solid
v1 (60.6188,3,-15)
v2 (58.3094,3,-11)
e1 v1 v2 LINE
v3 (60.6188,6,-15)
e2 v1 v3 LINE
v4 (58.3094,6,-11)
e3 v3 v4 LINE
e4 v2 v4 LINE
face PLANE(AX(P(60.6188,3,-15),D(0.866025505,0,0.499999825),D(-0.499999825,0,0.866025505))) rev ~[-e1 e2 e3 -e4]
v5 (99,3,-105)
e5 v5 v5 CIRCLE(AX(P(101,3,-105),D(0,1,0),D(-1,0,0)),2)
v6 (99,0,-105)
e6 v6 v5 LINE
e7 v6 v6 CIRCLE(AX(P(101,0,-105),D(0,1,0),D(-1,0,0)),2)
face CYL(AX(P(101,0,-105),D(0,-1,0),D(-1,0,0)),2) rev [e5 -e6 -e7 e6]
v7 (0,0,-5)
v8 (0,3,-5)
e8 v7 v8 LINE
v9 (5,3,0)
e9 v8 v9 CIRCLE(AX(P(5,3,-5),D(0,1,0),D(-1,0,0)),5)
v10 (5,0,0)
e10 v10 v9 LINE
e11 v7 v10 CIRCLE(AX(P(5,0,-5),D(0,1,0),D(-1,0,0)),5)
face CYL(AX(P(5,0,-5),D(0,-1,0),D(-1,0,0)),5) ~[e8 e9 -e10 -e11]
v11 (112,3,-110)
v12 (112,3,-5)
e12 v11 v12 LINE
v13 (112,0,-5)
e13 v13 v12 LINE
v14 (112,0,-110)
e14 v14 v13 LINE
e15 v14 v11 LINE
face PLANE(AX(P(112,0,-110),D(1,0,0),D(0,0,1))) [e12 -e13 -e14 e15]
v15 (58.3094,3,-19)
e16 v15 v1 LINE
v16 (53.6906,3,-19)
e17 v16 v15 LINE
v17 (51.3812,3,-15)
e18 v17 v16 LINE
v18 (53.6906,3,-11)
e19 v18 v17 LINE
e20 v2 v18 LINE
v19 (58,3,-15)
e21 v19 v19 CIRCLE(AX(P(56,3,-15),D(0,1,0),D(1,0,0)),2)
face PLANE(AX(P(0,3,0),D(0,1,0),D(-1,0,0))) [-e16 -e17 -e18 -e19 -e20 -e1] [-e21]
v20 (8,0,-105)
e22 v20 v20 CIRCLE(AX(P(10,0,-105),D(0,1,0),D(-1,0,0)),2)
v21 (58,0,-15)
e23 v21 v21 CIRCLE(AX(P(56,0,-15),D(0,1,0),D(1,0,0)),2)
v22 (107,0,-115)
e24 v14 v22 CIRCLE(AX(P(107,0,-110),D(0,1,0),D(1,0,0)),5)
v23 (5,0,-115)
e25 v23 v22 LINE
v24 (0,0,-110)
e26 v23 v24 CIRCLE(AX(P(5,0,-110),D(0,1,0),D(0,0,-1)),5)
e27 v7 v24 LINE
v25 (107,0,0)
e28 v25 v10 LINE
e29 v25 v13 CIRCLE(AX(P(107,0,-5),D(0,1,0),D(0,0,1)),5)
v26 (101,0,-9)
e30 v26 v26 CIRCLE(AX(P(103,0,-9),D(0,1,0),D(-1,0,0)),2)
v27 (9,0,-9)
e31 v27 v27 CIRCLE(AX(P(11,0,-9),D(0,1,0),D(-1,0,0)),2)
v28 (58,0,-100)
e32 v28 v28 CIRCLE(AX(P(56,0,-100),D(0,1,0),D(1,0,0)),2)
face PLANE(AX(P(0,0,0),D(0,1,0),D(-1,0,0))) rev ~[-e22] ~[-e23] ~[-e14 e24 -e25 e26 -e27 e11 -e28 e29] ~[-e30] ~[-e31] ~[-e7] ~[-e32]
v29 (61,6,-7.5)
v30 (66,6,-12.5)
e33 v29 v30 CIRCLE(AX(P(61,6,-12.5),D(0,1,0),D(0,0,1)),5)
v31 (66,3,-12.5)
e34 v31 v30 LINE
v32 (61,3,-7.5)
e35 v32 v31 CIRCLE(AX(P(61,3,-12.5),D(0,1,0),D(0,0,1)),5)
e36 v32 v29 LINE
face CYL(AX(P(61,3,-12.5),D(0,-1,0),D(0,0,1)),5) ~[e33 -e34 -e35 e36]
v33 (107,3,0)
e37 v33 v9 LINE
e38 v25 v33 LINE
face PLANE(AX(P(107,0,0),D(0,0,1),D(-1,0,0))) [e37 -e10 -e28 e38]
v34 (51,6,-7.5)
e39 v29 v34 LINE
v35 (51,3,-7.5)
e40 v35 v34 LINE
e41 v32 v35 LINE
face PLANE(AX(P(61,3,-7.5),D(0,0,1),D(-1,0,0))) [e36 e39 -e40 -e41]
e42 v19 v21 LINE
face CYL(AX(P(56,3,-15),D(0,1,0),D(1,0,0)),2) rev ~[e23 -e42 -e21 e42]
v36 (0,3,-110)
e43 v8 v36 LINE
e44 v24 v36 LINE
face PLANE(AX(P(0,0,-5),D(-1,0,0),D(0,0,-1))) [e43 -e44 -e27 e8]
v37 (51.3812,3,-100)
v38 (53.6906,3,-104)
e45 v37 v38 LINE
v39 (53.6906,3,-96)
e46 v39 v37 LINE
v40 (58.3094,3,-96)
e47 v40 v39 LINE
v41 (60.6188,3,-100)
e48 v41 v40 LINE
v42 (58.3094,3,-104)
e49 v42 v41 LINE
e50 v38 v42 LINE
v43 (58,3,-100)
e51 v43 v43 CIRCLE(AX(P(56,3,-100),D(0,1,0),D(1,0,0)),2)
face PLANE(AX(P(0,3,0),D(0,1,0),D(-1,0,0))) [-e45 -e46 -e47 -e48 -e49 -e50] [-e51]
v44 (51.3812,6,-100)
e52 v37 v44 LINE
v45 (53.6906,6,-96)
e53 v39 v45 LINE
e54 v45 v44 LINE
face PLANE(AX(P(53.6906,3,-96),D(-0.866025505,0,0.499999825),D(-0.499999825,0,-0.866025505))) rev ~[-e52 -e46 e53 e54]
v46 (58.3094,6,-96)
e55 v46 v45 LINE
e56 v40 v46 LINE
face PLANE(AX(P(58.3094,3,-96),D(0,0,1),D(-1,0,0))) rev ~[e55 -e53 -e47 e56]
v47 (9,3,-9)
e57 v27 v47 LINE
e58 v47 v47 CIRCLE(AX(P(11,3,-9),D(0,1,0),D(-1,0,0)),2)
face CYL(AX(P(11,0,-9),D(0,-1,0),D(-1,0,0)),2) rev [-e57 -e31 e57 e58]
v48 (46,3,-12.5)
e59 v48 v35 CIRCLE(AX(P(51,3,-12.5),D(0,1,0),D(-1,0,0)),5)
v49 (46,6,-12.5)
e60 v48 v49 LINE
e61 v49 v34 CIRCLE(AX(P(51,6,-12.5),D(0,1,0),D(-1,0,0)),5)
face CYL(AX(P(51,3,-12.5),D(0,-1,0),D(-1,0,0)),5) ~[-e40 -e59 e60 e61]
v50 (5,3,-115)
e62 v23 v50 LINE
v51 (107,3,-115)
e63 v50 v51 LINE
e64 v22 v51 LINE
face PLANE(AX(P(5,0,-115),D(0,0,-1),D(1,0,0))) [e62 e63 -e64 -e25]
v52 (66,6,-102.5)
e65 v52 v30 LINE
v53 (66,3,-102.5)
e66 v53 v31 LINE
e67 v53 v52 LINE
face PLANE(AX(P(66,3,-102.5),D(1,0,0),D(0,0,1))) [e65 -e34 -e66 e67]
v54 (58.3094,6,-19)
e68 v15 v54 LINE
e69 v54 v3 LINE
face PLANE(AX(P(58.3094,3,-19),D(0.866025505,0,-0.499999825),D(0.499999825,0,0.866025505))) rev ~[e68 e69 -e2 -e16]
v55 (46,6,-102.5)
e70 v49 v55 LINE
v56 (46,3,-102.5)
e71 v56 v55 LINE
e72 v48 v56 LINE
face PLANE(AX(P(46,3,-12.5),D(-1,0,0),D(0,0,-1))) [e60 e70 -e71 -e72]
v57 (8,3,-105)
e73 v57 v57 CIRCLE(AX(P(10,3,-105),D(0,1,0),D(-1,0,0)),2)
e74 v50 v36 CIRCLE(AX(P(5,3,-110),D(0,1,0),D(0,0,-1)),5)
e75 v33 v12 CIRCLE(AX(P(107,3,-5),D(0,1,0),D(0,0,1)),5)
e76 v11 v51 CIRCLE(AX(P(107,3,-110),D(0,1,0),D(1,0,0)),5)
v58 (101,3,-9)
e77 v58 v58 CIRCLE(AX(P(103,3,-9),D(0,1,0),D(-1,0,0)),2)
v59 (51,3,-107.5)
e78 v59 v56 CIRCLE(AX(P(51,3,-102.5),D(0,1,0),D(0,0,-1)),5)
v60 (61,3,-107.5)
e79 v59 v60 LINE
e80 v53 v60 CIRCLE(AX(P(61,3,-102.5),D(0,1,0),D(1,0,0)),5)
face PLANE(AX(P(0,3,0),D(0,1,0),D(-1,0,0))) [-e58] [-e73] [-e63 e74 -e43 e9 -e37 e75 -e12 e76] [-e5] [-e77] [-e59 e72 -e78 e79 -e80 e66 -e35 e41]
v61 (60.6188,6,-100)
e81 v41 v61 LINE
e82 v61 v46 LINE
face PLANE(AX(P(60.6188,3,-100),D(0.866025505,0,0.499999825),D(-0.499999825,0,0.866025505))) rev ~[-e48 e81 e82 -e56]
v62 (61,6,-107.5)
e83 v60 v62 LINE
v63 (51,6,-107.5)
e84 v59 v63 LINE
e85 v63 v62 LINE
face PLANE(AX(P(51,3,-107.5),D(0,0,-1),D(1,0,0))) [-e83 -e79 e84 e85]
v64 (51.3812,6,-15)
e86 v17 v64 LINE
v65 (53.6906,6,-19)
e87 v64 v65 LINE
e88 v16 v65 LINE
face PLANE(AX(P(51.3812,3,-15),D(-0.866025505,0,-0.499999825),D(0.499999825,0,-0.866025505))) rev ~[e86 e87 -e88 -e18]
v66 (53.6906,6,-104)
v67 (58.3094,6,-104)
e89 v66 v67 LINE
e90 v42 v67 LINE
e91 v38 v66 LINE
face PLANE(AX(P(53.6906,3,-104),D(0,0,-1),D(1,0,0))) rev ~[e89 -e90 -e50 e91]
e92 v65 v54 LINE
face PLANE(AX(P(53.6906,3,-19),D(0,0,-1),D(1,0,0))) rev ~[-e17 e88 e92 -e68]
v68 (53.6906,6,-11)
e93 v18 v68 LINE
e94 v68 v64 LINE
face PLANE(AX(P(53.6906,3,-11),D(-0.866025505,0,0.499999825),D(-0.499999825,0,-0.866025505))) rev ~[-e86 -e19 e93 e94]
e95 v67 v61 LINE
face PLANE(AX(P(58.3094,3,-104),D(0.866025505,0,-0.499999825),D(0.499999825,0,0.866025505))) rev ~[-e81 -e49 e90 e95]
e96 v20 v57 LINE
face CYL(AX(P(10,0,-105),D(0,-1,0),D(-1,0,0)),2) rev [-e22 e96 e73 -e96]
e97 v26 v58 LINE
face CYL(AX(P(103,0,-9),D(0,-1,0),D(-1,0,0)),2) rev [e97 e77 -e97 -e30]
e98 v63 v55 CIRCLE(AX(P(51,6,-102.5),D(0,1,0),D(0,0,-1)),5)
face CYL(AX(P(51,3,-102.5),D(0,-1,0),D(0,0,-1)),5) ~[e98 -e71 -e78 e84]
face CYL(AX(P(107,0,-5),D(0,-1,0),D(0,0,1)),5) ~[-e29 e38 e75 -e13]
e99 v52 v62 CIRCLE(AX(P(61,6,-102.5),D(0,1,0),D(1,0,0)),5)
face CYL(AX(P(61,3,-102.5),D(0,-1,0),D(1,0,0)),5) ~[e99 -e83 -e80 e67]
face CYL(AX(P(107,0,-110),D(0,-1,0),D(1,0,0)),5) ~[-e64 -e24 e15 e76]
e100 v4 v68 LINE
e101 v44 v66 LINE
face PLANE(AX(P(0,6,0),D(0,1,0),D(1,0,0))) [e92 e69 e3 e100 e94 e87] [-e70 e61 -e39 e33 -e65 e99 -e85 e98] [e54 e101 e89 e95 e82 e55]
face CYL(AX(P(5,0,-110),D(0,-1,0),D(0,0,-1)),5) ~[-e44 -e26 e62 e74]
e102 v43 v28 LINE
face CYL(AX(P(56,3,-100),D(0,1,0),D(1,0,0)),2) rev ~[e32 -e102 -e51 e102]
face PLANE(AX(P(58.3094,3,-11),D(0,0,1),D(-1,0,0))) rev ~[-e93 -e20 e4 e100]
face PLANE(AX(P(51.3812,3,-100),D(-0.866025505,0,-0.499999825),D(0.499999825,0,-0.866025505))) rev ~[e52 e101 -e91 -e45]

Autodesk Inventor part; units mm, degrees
ref_plane "YZ Plane" through (0, 0, 0) normal (1, 0, 0) x (0, 1, 0)
ref_plane "XZ Plane" through (0, 0, 0) normal (0, 1, 0) x (-1, 0, 0)
ref_plane "XY Plane" through (0, 0, 0) normal (0, 0, 1) x (1, 0, 0)
sketch "Boceto1" plane through (0, 0, 0) normal (0, 1, 0) x (-1, 0, 0)
  line L0 (0, -5) -> (0, -110)
  line L1 (-5, -115) -> (-107, -115)
  line L2 (-112, -110) -> (-112, -5)
  line L3 (-107, 0) -> (-5, 0)
  arc A0 (-5, -115) -> (0, -110) centre (-5, -110) ccw
  arc A1 (-107, 0) -> (-112, -5) centre (-107, -5) ccw
  arc A2 (-112, -110) -> (-107, -115) centre (-107, -110) ccw
  arc A3 (0, -5) -> (-5, 0) centre (-5, -5) ccw
  circle A4 centre (-10, -105) radius 2
  circle A5 centre (-101, -105) radius 2
  circle A6 centre (-103, -9) radius 2
  circle A7 centre (-11, -9) radius 2
  point P0 (0, 0)
  dimension "d2" = 5
  dimension "d3" = 5
  dimension "d21" = 4
  dimension "d24" = 4
  dimension "d27" = 4
  dimension "d30" = 4
extrude "Extrusión1" add sketch "Boceto1" along normal blind 3
sketch "Boceto2" plane through (0, 3, 0) normal (0, 1, 0) x (1, 0, 0)
  line L0 (5, 0) -> (107, 0) projected
  line L1 (107, 115) -> (5, 115) projected
  line L2 (58.3094, 19) -> (60.6188, 15)
  line L3 (60.6188, 15) -> (58.3094, 11)
  line L4 (58.3094, 11) -> (53.6906, 11)
  line L5 (53.6906, 11) -> (51.3812, 15)
  line L6 (51.3812, 15) -> (53.6906, 19)
  line L7 (53.6906, 19) -> (58.3094, 19)
  line L8 (53.6906, 96) -> (51.3812, 100)
  line L9 (51.3812, 100) -> (53.6906, 104)
  line L10 (53.6906, 104) -> (58.3094, 104)
  line L11 (58.3094, 104) -> (60.6188, 100)
  line L12 (60.6188, 100) -> (58.3094, 96)
  line L13 (58.3094, 96) -> (53.6906, 96)
  line L14 (66, 57.5) -> (66, 12.5)
  line L15 (61, 7.5) -> (51, 7.5)
  line L16 (46, 12.5) -> (46, 102.5)
  line L17 (51, 107.5) -> (61, 107.5)
  line L18 (66, 102.5) -> (66, 57.5)
  arc A0 (46, 12.5) -> (51, 7.5) centre (51, 12.5) ccw
  arc A1 (61, 7.5) -> (66, 12.5) centre (61, 12.5) ccw
  arc A2 (66, 102.5) -> (61, 107.5) centre (61, 102.5) ccw
  arc A3 (51, 107.5) -> (46, 102.5) centre (51, 102.5) ccw
  point P0 (0, 0)
  point P1 (56, 15)
  point P2 (56, 100)
  point P3 (66, 107.5)
  dimension "d42" = 5
extrude "Extrusión2" add sketch "Boceto2" along normal blind 3
sketch "Boceto3" plane through (0, 3, 0) normal (0, 1, 0) x (1, 0, 0)
  line L0 (53.6906, 19) -> (58.3094, 19) projected
  line L1 (58.3094, 104) -> (53.6906, 104) projected
  circle A0 centre (56, 15) radius 2
  circle A1 centre (56, 100) radius 2
  point P0 (0, 0)
  dimension "d45" = 4
  dimension "d46" = 4
extrude "Extrusión3" cut sketch "Boceto3" against normal blind 3
properties part number "nuc_case_top"
